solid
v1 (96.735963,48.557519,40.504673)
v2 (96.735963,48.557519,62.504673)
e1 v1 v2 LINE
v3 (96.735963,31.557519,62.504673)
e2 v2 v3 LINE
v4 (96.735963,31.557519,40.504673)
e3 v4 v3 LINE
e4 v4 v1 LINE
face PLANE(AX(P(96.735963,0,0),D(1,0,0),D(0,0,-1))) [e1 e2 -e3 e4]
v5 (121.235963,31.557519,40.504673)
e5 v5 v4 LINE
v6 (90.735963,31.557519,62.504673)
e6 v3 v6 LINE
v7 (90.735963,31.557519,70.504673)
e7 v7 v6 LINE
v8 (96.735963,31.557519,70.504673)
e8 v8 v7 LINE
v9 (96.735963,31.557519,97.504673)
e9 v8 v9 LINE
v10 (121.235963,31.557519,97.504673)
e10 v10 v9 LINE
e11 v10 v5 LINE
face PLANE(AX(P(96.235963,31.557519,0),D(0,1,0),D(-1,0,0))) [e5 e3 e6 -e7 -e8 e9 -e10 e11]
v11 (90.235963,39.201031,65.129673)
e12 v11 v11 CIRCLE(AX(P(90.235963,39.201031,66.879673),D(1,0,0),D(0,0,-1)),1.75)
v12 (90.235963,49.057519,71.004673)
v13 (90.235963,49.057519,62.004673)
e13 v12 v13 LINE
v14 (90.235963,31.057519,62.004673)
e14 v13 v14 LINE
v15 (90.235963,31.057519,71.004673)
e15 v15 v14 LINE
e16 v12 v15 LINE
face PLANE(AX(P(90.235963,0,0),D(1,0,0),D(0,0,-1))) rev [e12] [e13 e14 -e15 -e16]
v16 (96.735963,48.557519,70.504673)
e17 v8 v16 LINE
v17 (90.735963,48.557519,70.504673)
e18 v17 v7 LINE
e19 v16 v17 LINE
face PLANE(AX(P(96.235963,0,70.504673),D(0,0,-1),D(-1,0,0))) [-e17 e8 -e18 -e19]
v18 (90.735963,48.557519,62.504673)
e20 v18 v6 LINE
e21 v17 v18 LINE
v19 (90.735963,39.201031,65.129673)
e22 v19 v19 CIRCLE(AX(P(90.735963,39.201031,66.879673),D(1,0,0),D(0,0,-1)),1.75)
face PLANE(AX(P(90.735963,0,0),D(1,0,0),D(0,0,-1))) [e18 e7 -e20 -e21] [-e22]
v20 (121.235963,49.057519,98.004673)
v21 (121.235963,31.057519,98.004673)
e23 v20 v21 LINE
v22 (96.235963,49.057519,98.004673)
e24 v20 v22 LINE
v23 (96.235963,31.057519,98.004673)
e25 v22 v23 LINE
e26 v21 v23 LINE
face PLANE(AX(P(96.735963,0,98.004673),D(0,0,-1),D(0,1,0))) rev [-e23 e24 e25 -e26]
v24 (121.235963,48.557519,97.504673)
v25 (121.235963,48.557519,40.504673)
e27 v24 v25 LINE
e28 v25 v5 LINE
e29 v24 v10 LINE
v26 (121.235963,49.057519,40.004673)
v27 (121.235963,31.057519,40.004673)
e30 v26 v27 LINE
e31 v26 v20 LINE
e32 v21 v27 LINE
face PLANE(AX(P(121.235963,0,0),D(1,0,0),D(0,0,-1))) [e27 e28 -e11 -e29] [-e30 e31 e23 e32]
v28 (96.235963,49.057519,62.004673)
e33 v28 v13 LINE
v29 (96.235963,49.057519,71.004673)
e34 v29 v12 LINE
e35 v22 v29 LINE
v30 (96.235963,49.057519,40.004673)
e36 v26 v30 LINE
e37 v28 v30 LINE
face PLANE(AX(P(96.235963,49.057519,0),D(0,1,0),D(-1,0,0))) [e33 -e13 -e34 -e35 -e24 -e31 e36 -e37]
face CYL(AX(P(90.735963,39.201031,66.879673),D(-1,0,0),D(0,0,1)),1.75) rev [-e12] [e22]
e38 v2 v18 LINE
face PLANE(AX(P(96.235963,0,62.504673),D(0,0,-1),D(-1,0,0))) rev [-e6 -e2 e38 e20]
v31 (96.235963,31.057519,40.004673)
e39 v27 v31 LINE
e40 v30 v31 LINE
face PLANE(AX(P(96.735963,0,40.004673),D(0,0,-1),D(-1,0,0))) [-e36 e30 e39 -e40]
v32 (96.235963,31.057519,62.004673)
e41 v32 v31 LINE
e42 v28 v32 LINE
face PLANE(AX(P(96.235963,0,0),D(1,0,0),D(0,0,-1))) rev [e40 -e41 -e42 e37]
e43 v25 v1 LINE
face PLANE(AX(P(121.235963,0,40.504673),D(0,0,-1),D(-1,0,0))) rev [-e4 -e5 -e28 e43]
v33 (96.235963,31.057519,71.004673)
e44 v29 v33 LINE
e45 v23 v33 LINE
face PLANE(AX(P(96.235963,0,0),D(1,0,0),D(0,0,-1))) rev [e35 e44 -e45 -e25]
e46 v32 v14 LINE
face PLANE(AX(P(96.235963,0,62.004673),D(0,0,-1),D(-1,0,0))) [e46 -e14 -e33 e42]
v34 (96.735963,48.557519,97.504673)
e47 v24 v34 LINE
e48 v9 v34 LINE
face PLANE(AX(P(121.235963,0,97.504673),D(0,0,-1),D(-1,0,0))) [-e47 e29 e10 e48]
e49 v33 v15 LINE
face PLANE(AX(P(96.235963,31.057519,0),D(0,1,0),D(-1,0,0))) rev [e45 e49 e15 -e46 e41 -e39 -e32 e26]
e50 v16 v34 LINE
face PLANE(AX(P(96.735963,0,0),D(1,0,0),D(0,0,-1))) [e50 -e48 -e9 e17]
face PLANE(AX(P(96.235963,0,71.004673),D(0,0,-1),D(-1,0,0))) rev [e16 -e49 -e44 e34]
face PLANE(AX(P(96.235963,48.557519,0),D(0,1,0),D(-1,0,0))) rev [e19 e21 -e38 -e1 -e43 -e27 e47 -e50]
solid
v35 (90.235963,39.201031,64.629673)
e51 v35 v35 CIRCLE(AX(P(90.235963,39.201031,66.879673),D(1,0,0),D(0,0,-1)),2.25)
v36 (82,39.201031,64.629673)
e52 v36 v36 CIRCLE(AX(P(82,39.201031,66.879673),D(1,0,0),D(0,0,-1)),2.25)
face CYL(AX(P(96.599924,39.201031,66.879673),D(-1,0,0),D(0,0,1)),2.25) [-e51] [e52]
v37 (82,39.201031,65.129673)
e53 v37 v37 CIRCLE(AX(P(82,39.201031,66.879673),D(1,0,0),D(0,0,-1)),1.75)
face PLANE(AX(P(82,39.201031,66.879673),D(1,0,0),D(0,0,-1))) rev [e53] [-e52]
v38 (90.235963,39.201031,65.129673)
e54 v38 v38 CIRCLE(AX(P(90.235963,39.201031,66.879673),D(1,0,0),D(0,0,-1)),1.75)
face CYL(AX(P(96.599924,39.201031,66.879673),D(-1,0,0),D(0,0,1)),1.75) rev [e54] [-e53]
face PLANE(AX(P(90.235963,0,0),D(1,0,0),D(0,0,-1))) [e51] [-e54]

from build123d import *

# Parameters (mm, degrees)
SKETCH2_R           = 2.25
SKETCH2_R_2         = 1.75
BOSS_EXTRUDE1_DEPTH = 8.235963
SKETCH3_W           = 9
SKETCH3_H           = 18
SKETCH3_W_2         = 8
SKETCH3_H_2         = 17
BOSS_EXTRUDE2_DEPTH = 6
SKETCH3_3_W         = 8
SKETCH3_3_H         = 17
SKETCH3_3_R         = 1.75
BOSS_EXTRUDE4_DEPTH = 0.5
SKETCH4_W           = 26.5
SKETCH4_H           = 17
SKETCH4_W_2         = 0.5
SKETCH4_W_3         = 21.5
BOSS_EXTRUDE5_DEPTH = 0.5
BOSS_EXTRUDE6_DEPTH = 25


with BuildPart() as part:
    # Sketch2 → Boss-Extrude1 (new body)
    with BuildSketch(Plane(origin=(82, 0, 0), x_dir=(0, 0, -1), z_dir=(1, 0, 0))):
        with Locations((-66.879673477, 39.201031326)):
            Circle(SKETCH2_R)
        with Locations((-66.879673477, 39.201031326)):
            Circle(SKETCH2_R_2, mode=Mode.SUBTRACT)
    extrude(amount=BOSS_EXTRUDE1_DEPTH)


with BuildPart() as body_2:
    # Sketch3 → Boss-Extrude2 (new body)
    with BuildSketch(Plane(origin=(90.235962573, 0, 0), x_dir=(0, 0, -1), z_dir=(1, 0, 0))):
        with Locations((-66.504673477, 40.057518668)):
            Rectangle(SKETCH3_W, SKETCH3_H)
        with Locations((-66.504673477, 40.057518668)):
            Rectangle(SKETCH3_W_2, SKETCH3_H_2, mode=Mode.SUBTRACT)
    extrude(amount=BOSS_EXTRUDE2_DEPTH)

    # Sketch3<3> → Boss-Extrude4 (add)
    with BuildSketch(Plane(origin=(90.235962573, 0, 0), x_dir=(0, 0, -1), z_dir=(1, 0, 0))):
        with Locations((-66.504673477, 40.057518668)):
            Rectangle(SKETCH3_3_W, SKETCH3_3_H)
        with Locations((-66.879673477, 39.201031326)):
            Circle(SKETCH3_3_R, mode=Mode.SUBTRACT)
    extrude(amount=BOSS_EXTRUDE4_DEPTH)

    # Sketch4 → Boss-Extrude5 (add)
    with BuildSketch(Plane(origin=(96.235962573, 0, 0), x_dir=(0, 0, -1), z_dir=(1, 0, 0))):
        Polygon((-71.004673477, 49.057518668), (-98.004673477, 49.057518668), (-98.004673477, 31.057518668), (-71.004673477, 31.057518668), (-71.004673477, 31.557518668), (-97.504673477, 31.557518668), (-97.504673477, 48.557518668), (-71.004673477, 48.557518668), align=None)
        with Locations((-84.254673477, 40.057518668)):
            Rectangle(SKETCH4_W, SKETCH4_H)
        Polygon((-62.004673477, 49.057518668), (-71.004673477, 49.057518668), (-71.004673477, 48.557518668), (-70.504673477, 48.557518668), (-62.504673477, 48.557518668), (-62.004673477, 48.557518668), align=None)
        with Locations((-70.754673477, 40.057518668)):
            Rectangle(SKETCH4_W_2, SKETCH4_H)
        Polygon((-71.004673477, 31.557518668), (-71.004673477, 31.057518668), (-62.004673477, 31.057518668), (-62.004673477, 31.557518668), (-62.504673477, 31.557518668), (-70.504673477, 31.557518668), align=None)
        with Locations((-62.254673477, 40.057518668)):
            Rectangle(SKETCH4_W_2, SKETCH4_H)
        with Locations((-51.254673477, 40.057518668)):
            Rectangle(SKETCH4_W_3, SKETCH4_H)
        Polygon((-40.004673477, 49.057518668), (-62.004673477, 49.057518668), (-62.004673477, 48.557518668), (-40.504673477, 48.557518668), (-40.504673477, 31.557518668), (-62.004673477, 31.557518668), (-62.004673477, 31.057518668), (-40.004673477, 31.057518668), align=None)
    extrude(amount=BOSS_EXTRUDE5_DEPTH)

    # Sketch4<4> → Boss-Extrude6 (add)
    with BuildSketch(Plane(origin=(96.235962573, 0, 0), x_dir=(0, 0, -1), z_dir=(1, 0, 0))):
        Polygon((-62.004673477, 49.057518668), (-71.004673477, 49.057518668), (-71.004673477, 48.557518668), (-70.504673477, 48.557518668), (-62.504673477, 48.557518668), (-62.004673477, 48.557518668), align=None)
        Polygon((-71.004673477, 49.057518668), (-98.004673477, 49.057518668), (-98.004673477, 31.057518668), (-71.004673477, 31.057518668), (-71.004673477, 31.557518668), (-97.504673477, 31.557518668), (-97.504673477, 48.557518668), (-71.004673477, 48.557518668), align=None)
        Polygon((-40.004673477, 49.057518668), (-62.004673477, 49.057518668), (-62.004673477, 48.557518668), (-40.504673477, 48.557518668), (-40.504673477, 31.557518668), (-62.004673477, 31.557518668), (-62.004673477, 31.057518668), (-40.004673477, 31.057518668), align=None)
        Polygon((-71.004673477, 31.557518668), (-71.004673477, 31.057518668), (-62.004673477, 31.057518668), (-62.004673477, 31.557518668), (-62.504673477, 31.557518668), (-70.504673477, 31.557518668), align=None)
    extrude(amount=BOSS_EXTRUDE6_DEPTH)


solid = Compound([part.part, body_2.part])
